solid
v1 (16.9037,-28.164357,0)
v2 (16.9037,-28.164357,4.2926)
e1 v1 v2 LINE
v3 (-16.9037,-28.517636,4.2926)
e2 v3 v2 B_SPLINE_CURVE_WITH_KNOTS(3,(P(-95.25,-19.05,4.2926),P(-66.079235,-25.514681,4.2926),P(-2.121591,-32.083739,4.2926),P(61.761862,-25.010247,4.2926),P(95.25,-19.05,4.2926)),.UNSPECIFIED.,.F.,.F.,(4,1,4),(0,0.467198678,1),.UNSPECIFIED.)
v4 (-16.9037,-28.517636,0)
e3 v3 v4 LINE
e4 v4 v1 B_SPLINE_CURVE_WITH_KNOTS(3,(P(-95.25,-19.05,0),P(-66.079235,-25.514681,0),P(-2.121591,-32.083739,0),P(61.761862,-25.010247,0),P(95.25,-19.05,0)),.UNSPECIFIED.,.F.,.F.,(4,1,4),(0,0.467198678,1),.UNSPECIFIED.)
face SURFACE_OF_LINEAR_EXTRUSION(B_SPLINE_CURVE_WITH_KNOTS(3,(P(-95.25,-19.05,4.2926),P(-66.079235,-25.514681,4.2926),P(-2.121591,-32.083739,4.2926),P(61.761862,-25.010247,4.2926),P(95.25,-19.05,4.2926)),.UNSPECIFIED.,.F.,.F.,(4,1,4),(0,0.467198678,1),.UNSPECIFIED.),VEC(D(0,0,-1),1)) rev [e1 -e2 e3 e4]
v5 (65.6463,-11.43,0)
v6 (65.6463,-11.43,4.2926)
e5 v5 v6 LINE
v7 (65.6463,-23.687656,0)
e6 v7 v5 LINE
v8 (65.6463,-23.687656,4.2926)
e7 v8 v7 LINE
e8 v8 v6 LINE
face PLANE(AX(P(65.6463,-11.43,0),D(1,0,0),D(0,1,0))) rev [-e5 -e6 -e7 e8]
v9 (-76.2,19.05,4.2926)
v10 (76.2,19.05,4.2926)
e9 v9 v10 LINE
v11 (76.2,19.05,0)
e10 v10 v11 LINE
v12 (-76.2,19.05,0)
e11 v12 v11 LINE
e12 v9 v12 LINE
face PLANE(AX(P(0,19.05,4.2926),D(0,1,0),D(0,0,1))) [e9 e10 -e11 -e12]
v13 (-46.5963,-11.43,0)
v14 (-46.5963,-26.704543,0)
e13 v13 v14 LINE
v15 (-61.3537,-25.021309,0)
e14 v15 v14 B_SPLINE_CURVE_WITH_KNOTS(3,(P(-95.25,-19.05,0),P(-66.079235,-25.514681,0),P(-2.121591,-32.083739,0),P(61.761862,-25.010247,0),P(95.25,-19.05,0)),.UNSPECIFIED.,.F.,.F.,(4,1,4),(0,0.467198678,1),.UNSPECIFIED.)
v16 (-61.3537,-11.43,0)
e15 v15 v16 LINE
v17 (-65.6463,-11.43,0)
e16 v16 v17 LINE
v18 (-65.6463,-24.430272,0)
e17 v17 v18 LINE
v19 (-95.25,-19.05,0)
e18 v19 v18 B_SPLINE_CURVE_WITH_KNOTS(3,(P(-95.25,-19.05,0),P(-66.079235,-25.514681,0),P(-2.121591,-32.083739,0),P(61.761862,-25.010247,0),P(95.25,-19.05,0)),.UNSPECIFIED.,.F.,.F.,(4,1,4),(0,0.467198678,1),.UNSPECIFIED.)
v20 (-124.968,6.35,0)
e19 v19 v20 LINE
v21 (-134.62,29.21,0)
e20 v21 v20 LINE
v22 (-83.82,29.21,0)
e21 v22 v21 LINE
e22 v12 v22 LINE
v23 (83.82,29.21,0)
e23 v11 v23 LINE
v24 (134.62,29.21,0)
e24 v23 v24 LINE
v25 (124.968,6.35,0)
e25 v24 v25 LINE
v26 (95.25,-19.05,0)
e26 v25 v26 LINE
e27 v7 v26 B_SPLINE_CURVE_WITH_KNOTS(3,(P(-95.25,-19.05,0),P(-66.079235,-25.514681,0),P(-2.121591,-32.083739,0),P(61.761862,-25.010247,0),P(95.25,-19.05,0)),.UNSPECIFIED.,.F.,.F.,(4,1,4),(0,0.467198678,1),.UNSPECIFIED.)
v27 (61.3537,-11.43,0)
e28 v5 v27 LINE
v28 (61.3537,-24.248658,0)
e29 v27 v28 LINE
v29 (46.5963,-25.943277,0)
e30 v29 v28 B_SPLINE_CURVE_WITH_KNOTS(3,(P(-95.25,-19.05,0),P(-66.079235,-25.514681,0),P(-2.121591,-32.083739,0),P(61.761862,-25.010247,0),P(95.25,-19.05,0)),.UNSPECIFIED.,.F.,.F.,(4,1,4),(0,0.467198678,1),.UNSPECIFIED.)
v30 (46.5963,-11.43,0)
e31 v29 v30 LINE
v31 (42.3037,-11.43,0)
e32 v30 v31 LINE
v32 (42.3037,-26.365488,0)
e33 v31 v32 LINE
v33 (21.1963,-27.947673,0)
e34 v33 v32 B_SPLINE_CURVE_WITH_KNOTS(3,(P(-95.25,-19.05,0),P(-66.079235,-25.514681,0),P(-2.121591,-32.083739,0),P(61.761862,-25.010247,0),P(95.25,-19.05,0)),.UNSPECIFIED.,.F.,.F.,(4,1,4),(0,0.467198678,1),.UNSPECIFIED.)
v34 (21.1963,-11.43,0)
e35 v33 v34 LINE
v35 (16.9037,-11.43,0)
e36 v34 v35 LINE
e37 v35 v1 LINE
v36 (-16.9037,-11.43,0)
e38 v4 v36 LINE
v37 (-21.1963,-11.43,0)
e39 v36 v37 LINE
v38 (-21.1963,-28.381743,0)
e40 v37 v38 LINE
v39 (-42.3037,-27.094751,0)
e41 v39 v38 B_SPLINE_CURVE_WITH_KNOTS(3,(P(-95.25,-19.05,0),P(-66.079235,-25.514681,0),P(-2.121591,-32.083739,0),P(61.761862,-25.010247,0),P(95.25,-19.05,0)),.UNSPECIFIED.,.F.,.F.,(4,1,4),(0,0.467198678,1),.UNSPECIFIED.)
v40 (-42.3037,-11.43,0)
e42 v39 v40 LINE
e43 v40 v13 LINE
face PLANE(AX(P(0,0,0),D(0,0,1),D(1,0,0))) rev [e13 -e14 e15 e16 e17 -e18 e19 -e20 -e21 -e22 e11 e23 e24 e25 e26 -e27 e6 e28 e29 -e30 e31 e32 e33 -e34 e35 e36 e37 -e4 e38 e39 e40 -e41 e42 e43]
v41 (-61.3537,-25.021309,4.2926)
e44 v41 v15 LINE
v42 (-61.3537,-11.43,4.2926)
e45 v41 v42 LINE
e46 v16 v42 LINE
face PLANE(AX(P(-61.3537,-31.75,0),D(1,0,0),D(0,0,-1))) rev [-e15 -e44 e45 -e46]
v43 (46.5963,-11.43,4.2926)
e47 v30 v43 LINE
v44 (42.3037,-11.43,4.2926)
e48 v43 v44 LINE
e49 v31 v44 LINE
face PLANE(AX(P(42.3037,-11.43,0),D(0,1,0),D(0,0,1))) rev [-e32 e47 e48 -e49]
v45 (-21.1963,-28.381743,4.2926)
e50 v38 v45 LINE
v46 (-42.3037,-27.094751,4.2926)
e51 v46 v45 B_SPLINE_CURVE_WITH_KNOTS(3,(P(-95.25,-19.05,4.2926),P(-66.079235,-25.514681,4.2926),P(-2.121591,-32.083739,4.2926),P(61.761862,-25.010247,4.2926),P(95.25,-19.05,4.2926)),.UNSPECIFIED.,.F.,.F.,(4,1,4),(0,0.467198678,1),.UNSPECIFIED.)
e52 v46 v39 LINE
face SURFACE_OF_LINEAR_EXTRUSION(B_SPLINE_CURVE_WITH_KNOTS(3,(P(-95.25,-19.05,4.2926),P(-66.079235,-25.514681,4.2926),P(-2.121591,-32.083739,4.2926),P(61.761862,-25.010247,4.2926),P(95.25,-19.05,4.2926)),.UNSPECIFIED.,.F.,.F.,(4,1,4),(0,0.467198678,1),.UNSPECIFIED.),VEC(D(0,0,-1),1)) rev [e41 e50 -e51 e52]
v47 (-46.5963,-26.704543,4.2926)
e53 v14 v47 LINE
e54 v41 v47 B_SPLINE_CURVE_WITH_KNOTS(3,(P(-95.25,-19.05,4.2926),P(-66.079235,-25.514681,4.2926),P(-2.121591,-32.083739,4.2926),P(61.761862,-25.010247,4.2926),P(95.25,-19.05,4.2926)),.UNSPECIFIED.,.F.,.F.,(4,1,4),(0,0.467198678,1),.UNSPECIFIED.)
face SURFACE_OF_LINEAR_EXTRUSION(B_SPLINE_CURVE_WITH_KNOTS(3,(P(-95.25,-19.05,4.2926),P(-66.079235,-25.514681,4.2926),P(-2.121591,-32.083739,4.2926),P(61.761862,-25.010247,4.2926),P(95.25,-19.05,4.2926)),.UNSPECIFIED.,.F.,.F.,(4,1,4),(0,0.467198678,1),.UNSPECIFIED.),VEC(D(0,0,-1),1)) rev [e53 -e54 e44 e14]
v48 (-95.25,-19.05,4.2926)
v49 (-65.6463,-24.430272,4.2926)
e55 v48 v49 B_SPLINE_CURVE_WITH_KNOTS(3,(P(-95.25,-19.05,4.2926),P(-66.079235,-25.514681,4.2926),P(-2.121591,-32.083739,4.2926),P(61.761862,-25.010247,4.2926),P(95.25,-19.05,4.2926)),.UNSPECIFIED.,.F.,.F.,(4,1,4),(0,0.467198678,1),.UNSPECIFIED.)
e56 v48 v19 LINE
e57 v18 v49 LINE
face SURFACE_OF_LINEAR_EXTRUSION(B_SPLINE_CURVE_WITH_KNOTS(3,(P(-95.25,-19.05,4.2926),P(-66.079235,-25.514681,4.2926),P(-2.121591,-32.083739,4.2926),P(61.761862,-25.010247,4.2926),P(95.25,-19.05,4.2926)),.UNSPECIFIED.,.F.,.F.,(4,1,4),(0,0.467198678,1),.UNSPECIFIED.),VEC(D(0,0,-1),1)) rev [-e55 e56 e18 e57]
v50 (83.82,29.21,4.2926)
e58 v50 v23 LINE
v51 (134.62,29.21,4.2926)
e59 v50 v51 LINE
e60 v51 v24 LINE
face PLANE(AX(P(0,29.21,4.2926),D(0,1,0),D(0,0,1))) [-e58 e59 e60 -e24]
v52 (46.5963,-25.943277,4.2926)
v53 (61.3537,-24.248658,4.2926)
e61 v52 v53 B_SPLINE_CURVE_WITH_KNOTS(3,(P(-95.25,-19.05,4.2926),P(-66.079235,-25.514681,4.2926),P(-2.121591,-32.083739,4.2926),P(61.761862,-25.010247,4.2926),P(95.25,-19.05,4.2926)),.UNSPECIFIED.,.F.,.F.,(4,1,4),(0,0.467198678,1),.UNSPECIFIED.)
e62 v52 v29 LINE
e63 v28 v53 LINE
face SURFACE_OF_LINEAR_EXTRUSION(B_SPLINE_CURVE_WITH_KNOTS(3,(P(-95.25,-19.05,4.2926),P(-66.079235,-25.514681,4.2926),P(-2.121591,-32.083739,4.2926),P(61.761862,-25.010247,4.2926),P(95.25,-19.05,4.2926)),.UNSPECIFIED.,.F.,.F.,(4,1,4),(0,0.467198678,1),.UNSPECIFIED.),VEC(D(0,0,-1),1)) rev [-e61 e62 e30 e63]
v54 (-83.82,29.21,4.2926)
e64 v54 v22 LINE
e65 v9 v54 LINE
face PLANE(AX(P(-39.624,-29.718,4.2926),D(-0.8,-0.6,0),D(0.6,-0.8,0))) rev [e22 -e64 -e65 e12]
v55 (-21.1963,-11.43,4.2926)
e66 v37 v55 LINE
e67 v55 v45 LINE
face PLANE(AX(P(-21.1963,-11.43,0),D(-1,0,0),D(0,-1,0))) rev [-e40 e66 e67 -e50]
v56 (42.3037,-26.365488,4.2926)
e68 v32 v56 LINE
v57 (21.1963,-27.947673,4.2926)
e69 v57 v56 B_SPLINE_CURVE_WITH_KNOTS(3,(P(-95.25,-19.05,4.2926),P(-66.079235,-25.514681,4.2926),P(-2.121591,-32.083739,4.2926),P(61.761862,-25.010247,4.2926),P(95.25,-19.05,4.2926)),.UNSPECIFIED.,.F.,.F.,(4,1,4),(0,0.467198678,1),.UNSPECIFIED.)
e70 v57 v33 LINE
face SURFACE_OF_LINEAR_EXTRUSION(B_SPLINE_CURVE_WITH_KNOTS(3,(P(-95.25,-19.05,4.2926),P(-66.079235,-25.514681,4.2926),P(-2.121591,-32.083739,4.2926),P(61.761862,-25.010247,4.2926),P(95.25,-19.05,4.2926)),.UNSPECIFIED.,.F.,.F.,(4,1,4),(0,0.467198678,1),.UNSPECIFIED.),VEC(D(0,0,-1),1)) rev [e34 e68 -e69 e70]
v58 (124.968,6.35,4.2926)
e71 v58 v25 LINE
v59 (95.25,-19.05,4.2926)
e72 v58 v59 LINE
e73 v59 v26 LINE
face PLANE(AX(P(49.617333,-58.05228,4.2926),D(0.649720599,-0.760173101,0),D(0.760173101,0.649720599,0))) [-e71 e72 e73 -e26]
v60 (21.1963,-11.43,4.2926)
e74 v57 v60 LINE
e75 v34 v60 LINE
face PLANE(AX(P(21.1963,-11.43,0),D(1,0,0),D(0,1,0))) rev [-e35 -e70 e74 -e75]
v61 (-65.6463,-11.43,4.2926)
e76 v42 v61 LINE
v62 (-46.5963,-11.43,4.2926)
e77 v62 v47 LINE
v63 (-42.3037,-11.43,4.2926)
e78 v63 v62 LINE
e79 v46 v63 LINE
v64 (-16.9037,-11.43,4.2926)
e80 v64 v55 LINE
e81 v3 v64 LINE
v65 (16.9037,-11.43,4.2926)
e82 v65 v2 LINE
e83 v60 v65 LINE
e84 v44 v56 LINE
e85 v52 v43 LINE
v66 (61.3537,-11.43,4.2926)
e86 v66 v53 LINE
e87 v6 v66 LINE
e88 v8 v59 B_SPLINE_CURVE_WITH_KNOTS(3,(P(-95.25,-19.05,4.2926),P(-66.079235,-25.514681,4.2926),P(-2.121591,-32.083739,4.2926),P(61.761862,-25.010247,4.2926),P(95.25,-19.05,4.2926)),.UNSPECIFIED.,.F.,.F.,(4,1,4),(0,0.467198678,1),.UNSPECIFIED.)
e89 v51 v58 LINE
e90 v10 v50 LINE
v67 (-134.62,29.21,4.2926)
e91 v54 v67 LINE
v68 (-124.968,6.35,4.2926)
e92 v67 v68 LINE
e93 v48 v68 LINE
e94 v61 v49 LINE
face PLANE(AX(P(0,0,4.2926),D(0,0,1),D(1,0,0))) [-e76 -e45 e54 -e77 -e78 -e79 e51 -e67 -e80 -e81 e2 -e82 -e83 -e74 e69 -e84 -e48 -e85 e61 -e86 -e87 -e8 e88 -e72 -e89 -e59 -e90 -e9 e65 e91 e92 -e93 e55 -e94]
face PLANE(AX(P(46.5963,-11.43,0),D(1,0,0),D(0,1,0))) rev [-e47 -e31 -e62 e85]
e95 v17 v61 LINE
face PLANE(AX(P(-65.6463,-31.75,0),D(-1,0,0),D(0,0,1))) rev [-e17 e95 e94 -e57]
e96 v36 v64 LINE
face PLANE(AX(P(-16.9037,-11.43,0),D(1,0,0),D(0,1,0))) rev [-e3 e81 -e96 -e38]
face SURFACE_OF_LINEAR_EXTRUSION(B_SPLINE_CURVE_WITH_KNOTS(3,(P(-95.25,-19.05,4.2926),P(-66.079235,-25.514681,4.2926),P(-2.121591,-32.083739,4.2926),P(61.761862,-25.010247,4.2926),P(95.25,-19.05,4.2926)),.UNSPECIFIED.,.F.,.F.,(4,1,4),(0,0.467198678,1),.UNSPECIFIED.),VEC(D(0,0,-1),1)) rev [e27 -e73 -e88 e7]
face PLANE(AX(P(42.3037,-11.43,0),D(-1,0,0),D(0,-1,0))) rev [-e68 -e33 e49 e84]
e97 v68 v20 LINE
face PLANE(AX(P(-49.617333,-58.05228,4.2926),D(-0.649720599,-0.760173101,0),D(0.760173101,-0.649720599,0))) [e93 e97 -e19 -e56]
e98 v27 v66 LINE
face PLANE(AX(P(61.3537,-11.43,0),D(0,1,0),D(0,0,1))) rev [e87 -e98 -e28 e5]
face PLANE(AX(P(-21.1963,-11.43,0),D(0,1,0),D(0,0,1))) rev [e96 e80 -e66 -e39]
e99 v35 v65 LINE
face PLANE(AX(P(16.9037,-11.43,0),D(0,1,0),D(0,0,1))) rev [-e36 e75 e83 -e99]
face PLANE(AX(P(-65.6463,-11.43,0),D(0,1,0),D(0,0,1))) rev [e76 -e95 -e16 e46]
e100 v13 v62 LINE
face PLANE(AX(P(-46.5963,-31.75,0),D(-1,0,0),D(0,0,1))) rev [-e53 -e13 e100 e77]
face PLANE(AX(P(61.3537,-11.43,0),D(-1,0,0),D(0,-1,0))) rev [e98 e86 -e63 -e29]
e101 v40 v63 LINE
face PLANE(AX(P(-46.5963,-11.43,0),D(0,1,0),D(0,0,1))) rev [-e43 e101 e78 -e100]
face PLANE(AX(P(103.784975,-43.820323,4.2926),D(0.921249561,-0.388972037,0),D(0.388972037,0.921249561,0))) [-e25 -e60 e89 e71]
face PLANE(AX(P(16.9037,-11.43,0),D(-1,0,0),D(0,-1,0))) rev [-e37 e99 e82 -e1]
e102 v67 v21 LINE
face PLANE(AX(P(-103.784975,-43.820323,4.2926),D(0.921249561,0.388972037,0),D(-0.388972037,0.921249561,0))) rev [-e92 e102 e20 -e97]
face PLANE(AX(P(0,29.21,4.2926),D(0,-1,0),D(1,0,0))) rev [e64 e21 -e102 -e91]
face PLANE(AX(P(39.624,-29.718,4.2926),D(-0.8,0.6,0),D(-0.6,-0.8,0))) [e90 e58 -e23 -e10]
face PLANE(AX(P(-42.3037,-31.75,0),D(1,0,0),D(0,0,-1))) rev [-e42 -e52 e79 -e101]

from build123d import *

# Parameters (mm, degrees)
SKETCH1_W           = 152.4
SKETCH1_H           = 38.1
BOSS_EXTRUDE1_DEPTH = 4.2926
SKETCH3_W           = 4.2926
SKETCH3_H           = 20.32
CUT_EXTRUDE2_DEPTH  = 4.2926


with BuildPart() as part:
    # Sketch1 → Boss-Extrude1 (new body)
    with BuildSketch(Plane.XY):
        Polygon((-83.82, 29.21), (-134.62, 29.21), (-124.968, 6.35), (-95.25, -19.05), (-76.2, -19.05), (-76.2, 19.05), align=None)
        Rectangle(SKETCH1_W, SKETCH1_H)
        with BuildLine():
            Line((-76.2, -19.05), (-95.25, -19.05))
            add(Edge.make_bspline(
                [(-95.25, -19.05), (-66.079235011, -25.514680938), (-2.12159074, -32.083739423), (61.761861898, -25.010246771), (95.25, -19.05)],
                knots=[0, 0, 0, 0, 0.467198678, 1, 1, 1, 1], degree=3))
            Line((95.25, -19.05), (76.2, -19.05))
            Line((76.2, -19.05), (-76.2, -19.05))
        make_face()
        Polygon((95.25, -19.05), (76.2, -19.05), (76.2, 19.05), (83.82, 29.21), (134.62, 29.21), (124.968, 6.35), align=None)
    extrude(amount=BOSS_EXTRUDE1_DEPTH)

    # Sketch3 → Cut-Extrude2 (cut)
    with BuildSketch(Plane.XY.offset(4.2926)):
        with Locations((-63.5, -21.59)):
            Rectangle(SKETCH3_W, SKETCH3_H)
        with Locations((-44.45, -21.59)):
            Rectangle(SKETCH3_W, SKETCH3_H)
        with Locations((-19.05, -21.59)):
            Rectangle(SKETCH3_W, SKETCH3_H)
        with Locations((44.45, -21.59)):
            Rectangle(SKETCH3_W, SKETCH3_H)
        with Locations((63.5, -21.59)):
            Rectangle(SKETCH3_W, SKETCH3_H)
        with Locations((19.05, -21.59)):
            Rectangle(SKETCH3_W, SKETCH3_H)
    extrude(amount=-CUT_EXTRUDE2_DEPTH, mode=Mode.SUBTRACT)


solid = part.part
